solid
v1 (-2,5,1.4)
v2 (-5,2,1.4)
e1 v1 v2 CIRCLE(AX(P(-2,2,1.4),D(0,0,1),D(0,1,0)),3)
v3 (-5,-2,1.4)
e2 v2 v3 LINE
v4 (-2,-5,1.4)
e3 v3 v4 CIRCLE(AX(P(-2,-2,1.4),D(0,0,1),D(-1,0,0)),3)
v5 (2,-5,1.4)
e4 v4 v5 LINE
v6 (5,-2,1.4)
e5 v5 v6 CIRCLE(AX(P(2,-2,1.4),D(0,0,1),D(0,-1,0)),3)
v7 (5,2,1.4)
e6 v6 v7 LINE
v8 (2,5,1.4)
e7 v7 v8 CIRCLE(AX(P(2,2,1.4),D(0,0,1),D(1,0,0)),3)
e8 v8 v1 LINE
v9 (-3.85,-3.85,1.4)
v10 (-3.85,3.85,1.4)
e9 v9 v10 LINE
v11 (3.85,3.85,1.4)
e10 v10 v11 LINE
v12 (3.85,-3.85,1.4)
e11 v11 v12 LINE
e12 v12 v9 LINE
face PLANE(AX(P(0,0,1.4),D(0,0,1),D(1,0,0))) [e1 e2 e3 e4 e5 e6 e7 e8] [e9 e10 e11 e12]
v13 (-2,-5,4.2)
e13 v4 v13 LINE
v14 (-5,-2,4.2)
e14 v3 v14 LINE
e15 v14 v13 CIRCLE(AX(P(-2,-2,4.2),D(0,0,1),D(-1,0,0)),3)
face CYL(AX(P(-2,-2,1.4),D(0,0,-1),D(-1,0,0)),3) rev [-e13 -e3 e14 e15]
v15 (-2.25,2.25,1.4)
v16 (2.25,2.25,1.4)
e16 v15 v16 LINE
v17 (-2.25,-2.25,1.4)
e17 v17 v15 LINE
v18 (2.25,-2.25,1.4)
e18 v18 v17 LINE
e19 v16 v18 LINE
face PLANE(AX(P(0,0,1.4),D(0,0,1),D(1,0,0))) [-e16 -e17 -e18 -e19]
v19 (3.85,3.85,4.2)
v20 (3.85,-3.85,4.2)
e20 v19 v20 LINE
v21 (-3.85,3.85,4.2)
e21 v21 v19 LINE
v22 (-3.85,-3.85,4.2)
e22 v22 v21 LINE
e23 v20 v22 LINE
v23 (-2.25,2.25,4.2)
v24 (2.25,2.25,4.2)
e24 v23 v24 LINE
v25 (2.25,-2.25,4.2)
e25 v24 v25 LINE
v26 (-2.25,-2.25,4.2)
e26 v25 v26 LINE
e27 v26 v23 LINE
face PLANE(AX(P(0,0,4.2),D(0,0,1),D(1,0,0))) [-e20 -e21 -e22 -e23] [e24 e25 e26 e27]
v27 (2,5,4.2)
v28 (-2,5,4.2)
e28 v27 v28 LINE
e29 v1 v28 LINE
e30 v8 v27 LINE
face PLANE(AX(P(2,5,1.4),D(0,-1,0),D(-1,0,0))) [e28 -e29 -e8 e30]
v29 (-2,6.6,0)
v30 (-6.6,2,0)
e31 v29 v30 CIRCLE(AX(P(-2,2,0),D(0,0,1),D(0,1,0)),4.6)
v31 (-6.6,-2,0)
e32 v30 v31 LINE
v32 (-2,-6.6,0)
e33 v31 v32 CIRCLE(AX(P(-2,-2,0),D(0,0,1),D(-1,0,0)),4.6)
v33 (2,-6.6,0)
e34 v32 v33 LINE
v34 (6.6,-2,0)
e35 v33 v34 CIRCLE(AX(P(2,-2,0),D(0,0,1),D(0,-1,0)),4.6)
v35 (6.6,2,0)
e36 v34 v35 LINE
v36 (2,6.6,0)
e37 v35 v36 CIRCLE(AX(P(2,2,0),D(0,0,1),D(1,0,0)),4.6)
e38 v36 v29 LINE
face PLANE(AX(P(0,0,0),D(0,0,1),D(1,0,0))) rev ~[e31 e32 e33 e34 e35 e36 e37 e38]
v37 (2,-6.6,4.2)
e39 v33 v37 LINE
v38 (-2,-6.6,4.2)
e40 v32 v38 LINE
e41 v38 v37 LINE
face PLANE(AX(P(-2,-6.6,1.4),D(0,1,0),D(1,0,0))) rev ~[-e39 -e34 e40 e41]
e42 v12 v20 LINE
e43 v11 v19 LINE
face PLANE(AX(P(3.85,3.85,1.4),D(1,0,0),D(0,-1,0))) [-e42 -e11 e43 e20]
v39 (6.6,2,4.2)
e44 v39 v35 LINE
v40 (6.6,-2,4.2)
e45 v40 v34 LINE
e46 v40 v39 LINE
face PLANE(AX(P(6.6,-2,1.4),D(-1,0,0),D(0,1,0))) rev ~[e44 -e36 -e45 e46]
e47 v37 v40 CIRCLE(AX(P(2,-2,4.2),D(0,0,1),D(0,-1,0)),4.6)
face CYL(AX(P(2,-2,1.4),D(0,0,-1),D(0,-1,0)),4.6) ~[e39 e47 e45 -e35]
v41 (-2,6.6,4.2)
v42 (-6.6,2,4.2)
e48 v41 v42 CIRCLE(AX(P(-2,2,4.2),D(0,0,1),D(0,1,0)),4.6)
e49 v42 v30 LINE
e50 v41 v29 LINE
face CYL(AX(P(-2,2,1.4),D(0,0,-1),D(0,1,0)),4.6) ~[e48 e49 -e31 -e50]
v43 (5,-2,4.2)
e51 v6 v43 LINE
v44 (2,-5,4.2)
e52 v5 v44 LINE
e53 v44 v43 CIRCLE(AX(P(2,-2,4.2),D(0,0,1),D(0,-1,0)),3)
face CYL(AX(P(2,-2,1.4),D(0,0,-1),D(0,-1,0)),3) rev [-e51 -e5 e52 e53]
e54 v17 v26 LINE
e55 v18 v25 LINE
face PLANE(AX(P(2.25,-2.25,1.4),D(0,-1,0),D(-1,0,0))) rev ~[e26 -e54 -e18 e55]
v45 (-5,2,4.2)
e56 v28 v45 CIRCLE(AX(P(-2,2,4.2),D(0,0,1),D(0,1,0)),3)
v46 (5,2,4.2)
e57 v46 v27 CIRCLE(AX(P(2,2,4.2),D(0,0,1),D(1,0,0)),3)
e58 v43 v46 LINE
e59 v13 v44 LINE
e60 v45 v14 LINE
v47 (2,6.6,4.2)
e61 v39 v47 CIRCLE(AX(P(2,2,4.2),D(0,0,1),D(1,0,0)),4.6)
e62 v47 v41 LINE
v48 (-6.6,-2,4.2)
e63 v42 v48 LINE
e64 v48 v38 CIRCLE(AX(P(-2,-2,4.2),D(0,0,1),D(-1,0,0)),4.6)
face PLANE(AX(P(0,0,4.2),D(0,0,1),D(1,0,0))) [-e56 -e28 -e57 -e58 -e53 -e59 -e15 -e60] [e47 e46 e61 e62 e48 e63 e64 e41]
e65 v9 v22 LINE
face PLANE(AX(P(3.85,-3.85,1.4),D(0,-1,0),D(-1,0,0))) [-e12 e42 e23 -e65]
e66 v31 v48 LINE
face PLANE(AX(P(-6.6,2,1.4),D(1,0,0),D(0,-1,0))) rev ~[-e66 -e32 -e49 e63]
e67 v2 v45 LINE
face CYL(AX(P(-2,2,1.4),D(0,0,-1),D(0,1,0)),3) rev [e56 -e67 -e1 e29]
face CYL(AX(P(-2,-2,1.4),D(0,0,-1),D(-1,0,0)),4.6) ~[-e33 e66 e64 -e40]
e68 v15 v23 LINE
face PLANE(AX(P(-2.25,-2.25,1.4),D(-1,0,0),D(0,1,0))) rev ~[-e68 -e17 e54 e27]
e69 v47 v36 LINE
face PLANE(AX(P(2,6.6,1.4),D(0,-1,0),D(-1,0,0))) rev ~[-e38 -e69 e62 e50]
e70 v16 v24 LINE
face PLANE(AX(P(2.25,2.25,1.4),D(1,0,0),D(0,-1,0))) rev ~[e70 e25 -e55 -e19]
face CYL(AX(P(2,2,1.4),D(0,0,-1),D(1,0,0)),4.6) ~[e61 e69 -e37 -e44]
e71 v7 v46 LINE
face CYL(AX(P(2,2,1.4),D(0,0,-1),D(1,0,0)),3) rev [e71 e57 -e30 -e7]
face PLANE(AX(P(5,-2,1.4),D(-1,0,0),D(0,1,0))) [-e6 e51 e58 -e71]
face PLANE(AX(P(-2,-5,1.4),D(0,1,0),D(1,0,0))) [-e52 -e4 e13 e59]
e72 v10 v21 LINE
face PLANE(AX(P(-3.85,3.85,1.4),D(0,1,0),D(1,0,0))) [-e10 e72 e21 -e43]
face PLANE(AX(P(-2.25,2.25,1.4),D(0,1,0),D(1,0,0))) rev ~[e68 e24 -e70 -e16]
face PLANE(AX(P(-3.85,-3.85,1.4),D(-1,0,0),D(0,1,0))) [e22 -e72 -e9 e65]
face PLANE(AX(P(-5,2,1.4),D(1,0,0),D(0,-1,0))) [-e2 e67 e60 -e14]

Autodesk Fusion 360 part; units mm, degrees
sketch "Boceto1" plane through (0, 0, 0) normal (0, 0, 1) x (1, 0, 0)
  line L0 (2, 5) -> (-2, 5)
  line L1 (-5, 2) -> (-5, -2)
  line L2 (-2, -5) -> (2, -5)
  line L3 (5, -2) -> (5, 2)
  line L4 (5, 5) -> (-5, -5) construction
  line L5 (-5, 5) -> (5, -5) construction
  line L6 (2.25, -2.25) -> (-2.25, -2.25)
  line L7 (-2.25, -2.25) -> (-2.25, 2.25)
  line L8 (-2.25, 2.25) -> (2.25, 2.25)
  line L9 (2.25, 2.25) -> (2.25, -2.25)
  line L10 (2.25, -2.25) -> (-2.25, 2.25) construction
  line L11 (-2.25, -2.25) -> (2.25, 2.25) construction
  line L12 (3.85, -3.85) -> (-3.85, -3.85)
  line L13 (-3.85, -3.85) -> (-3.85, 3.85)
  line L14 (-3.85, 3.85) -> (3.85, 3.85)
  line L15 (3.85, 3.85) -> (3.85, -3.85)
  arc A0 (-2, 5) -> (-5, 2) centre (-2, 2) ccw
  arc A1 (5, 2) -> (2, 5) centre (2, 2) ccw
  arc A2 (2, -5) -> (5, -2) centre (2, -2) ccw
  arc A3 (-5, -2) -> (-2, -5) centre (-2, -2) ccw
  arc A4 (-6.6, -2) -> (-2, -6.6) centre (-2, -2) ccw
  line L16 (-2, -6.6) -> (2, -6.6)
  arc A5 (2, -6.6) -> (6.6, -2) centre (2, -2) ccw
  line L17 (6.6, -2) -> (6.6, 2)
  arc A6 (6.6, 2) -> (2, 6.6) centre (2, 2) ccw
  line L18 (2, 6.6) -> (-2, 6.6)
  arc A7 (-2, 6.6) -> (-6.6, 2) centre (-2, 2) ccw
  line L19 (-6.6, 2) -> (-6.6, -2)
  dimension "d3" = 10
  dimension "d4" = 10
  dimension "d5" = 4.5
  dimension "d6" = 4.5
  dimension "d7" = -1.6
  dimension "d8" = 3
  dimension "d9" = 1.6
extrude "Extruir1" add sketch "Boceto1" along normal blind 1.4 contours L0 L1 L2 L3 A0 A1 A2 A3 | L6 L7 L8 L9 | L12 L13 L14 L15 | A4 L16 A5 L17 A6 L18 A7 L19
extrude "Extruir2" add sketch "Boceto1" along normal blind 2.8 from surface at 1.4 contours L12 L13 L14 L15
extrude "Extruir3" add sketch "Boceto1" along normal up to surface (2.8 mm away) from surface at 1.4 contours A4 L16 A5 L17 A6 L18 A7 L19
